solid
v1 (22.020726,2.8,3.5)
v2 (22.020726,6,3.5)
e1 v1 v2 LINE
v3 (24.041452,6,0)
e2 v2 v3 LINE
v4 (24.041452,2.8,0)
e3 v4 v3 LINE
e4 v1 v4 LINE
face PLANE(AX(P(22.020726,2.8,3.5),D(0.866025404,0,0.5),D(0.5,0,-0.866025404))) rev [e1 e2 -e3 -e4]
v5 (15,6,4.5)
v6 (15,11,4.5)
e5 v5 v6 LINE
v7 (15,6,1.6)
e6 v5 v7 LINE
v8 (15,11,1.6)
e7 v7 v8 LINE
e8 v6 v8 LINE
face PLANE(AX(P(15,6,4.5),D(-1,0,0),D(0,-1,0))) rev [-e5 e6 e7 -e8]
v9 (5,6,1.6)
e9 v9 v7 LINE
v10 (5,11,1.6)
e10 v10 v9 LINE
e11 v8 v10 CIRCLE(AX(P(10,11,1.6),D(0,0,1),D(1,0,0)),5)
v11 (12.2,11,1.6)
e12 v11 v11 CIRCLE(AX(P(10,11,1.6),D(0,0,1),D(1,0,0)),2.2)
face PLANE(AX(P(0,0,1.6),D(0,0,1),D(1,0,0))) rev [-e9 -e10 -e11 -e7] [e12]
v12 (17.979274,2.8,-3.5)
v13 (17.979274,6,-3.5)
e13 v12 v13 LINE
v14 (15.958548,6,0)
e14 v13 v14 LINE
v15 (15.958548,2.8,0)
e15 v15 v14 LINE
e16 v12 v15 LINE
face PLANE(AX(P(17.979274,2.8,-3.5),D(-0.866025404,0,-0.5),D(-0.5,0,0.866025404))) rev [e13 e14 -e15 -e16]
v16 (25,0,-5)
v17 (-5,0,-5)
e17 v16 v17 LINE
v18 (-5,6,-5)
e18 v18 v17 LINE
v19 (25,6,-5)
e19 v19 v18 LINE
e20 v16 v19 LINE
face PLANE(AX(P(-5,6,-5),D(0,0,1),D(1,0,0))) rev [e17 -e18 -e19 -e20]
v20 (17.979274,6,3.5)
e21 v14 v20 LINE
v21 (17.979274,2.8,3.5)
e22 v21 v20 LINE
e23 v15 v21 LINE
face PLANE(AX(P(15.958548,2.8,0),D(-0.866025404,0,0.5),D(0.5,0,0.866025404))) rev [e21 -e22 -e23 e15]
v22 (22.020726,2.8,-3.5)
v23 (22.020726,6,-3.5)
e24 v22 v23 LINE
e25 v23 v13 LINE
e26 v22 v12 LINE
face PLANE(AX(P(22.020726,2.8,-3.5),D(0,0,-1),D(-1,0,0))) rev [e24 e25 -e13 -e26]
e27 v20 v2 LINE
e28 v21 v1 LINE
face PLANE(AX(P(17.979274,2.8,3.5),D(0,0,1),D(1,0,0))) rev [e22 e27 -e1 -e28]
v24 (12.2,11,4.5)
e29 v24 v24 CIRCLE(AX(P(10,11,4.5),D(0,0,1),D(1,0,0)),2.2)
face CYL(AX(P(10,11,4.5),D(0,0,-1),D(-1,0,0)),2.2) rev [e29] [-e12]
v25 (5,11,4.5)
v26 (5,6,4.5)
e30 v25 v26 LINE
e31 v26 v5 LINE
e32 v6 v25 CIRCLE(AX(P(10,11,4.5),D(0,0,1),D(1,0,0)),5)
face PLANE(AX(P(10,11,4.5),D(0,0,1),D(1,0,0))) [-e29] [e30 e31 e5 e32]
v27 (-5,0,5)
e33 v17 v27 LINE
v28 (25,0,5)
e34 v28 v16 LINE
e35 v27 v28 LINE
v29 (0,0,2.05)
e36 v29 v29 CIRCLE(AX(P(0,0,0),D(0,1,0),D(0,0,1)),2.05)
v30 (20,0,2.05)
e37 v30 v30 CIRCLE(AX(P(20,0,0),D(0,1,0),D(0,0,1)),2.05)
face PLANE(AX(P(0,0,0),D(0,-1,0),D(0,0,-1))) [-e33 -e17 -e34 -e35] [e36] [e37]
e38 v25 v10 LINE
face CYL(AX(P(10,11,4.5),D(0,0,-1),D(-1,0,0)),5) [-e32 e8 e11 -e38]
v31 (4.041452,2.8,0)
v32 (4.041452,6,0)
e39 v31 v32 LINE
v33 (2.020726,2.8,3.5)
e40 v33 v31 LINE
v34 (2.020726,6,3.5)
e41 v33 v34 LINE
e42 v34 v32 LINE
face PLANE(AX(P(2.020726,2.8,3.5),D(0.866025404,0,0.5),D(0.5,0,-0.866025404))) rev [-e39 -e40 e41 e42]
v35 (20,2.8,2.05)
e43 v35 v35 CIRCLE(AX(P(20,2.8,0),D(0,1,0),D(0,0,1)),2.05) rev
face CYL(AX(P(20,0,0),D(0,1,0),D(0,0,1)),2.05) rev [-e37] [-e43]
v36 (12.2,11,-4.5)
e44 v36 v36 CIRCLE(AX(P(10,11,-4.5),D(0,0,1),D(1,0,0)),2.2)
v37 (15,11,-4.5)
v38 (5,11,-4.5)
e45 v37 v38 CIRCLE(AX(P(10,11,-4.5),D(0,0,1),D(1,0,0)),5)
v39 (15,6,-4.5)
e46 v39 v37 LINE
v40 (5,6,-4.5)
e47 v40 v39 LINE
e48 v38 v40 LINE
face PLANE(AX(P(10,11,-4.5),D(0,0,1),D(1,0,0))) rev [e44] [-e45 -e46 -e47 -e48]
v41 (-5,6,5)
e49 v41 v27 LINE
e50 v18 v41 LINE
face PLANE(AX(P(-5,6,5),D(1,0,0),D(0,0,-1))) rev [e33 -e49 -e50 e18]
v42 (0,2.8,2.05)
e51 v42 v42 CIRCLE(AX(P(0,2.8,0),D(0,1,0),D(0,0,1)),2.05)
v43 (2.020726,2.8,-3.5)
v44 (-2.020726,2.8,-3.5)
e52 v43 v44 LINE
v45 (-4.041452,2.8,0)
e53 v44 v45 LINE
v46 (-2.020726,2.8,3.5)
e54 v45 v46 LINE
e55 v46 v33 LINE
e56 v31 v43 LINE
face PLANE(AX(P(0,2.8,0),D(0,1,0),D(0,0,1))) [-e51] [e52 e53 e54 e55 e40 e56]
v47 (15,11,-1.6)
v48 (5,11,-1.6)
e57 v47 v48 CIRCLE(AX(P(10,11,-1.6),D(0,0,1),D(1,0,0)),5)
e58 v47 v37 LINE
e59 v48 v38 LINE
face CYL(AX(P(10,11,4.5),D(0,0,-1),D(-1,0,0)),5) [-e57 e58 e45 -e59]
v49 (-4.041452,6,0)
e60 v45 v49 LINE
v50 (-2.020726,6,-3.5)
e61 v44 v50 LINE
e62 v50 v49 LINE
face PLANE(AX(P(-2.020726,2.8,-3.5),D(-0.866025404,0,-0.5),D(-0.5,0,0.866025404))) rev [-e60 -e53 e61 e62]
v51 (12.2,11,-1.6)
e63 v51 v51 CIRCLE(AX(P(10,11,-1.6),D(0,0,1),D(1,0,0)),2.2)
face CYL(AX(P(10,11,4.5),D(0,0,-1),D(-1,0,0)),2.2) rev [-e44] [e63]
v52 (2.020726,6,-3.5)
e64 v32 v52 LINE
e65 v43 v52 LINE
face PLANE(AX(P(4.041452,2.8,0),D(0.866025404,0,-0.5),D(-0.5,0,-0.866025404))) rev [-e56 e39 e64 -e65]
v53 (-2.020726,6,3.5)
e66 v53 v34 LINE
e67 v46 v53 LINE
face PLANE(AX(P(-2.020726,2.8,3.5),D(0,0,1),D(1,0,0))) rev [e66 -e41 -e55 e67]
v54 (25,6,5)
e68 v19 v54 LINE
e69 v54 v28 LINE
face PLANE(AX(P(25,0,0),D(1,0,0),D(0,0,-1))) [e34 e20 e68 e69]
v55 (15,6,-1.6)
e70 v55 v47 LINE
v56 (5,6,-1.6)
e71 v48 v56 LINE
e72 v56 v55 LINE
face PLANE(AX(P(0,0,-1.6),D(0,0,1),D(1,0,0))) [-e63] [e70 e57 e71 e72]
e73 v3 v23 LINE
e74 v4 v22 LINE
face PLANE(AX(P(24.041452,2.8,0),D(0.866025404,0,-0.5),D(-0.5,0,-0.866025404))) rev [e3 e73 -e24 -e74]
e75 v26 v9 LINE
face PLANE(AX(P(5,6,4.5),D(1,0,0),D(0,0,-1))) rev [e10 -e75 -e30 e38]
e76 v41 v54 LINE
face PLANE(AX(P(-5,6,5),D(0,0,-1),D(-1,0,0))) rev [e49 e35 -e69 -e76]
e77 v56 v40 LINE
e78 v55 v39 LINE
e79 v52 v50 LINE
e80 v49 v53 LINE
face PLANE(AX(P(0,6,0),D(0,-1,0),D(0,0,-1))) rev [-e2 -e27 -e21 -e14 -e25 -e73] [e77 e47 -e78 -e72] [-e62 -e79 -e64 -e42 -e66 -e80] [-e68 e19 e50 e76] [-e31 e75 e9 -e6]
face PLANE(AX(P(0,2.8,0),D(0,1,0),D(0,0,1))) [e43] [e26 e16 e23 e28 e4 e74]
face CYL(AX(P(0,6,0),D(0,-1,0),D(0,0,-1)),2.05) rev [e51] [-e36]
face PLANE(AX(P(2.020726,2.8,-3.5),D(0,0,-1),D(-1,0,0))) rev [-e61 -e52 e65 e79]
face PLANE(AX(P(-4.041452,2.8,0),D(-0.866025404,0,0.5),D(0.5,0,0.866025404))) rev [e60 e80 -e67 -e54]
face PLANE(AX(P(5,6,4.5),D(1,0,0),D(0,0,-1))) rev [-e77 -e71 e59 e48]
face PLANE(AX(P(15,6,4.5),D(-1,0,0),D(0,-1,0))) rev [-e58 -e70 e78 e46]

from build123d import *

# Parameters (mm, degrees)
SKETCH1_W           = 10
SKETCH1_H           = 10
SKETCH1_R           = 2.05
BOSS_EXTRUDE1_DEPTH = 6
CUT_EXTRUDE1_DEPTH  = 3.2
SKETCH3_W           = 10
SKETCH3_H           = 6
BOSS_EXTRUDE2_DEPTH = 20
SKETCH4_R           = 2.05
CUT_EXTRUDE2_DEPTH  = 27.191601707
CUT_EXTRUDE3_DEPTH  = 3.2
SKETCH8_R           = 2.2
BOSS_EXTRUDE4_DEPTH = 4.5
SKETCH10_W          = 17.254554438
SKETCH10_H          = 12.252832867
CUT_EXTRUDE5_DEPTH  = 1.6


with BuildPart() as part:
    # Sketch1 → Boss-Extrude1 (new body)
    with BuildSketch(Plane(origin=(0, 0, 0), x_dir=(1, 0, 0), z_dir=(0, 1, 0))):
        Rectangle(SKETCH1_W, SKETCH1_H)
        with Locations(Location((0, 0, 0), (0, 0, 270))):
            Circle(SKETCH1_R, mode=Mode.SUBTRACT)
    extrude(amount=BOSS_EXTRUDE1_DEPTH)

    # Sketch2 → Cut-Extrude1 (cut)
    with BuildSketch(Plane(origin=(0, 6, 0), x_dir=(1, 0, 0), z_dir=(0, 1, 0))):
        Polygon((4.041451884, 0), (2.020725942, 3.5), (-2.020725942, 3.5), (-4.041451884, 0), (-2.020725942, -3.5), (2.020725942, -3.5), align=None)
    extrude(amount=-CUT_EXTRUDE1_DEPTH, mode=Mode.SUBTRACT)

    # Sketch3 → Boss-Extrude2 (add)
    with BuildSketch(Plane(origin=(5, 0, 0), x_dir=(0, 0, -1), z_dir=(1, 0, 0))):
        with Locations((0, 3)):
            Rectangle(SKETCH3_W, SKETCH3_H)
    extrude(amount=BOSS_EXTRUDE2_DEPTH)

    # Sketch4 → Cut-Extrude2 (cut, through all)
    with BuildSketch(Plane(origin=(0, 6, 0), x_dir=(1, 0, 0), z_dir=(0, 1, 0))):
        with Locations(Location((20, 0, 0), (0, 0, 270))):
            Circle(SKETCH4_R)
    extrude(amount=-CUT_EXTRUDE2_DEPTH, mode=Mode.SUBTRACT)

    # Sketch5 → Cut-Extrude3 (cut)
    with BuildSketch(Plane(origin=(0, 6, 0), x_dir=(1, 0, 0), z_dir=(0, 1, 0))):
        Polygon((24.041451884, 0), (22.020725942, 3.5), (17.979274058, 3.5), (15.958548116, 0), (17.979274058, -3.5), (22.020725942, -3.5), align=None)
    extrude(amount=-CUT_EXTRUDE3_DEPTH, mode=Mode.SUBTRACT)

    # Sketch8 → Boss-Extrude4 (add, symmetric)
    with BuildSketch(Plane.XY):
        with BuildLine():
            Line((5, 6), (5, 11))
            ThreePointArc((5, 11), (10, 16), (15, 11))
            Line((15, 11), (15, 6))
            Line((15, 6), (5, 6))
        make_face()
        with Locations((10, 11)):
            Circle(SKETCH8_R, mode=Mode.SUBTRACT)
    extrude(amount=BOSS_EXTRUDE4_DEPTH, both=True)

    # Sketch10 → Cut-Extrude5 (cut, symmetric)
    with BuildSketch(Plane.XY):
        with Locations((11.441920225, 12.126416434)):
            Rectangle(SKETCH10_W, SKETCH10_H)
    extrude(amount=CUT_EXTRUDE5_DEPTH, both=True, mode=Mode.SUBTRACT)


solid = part.part
